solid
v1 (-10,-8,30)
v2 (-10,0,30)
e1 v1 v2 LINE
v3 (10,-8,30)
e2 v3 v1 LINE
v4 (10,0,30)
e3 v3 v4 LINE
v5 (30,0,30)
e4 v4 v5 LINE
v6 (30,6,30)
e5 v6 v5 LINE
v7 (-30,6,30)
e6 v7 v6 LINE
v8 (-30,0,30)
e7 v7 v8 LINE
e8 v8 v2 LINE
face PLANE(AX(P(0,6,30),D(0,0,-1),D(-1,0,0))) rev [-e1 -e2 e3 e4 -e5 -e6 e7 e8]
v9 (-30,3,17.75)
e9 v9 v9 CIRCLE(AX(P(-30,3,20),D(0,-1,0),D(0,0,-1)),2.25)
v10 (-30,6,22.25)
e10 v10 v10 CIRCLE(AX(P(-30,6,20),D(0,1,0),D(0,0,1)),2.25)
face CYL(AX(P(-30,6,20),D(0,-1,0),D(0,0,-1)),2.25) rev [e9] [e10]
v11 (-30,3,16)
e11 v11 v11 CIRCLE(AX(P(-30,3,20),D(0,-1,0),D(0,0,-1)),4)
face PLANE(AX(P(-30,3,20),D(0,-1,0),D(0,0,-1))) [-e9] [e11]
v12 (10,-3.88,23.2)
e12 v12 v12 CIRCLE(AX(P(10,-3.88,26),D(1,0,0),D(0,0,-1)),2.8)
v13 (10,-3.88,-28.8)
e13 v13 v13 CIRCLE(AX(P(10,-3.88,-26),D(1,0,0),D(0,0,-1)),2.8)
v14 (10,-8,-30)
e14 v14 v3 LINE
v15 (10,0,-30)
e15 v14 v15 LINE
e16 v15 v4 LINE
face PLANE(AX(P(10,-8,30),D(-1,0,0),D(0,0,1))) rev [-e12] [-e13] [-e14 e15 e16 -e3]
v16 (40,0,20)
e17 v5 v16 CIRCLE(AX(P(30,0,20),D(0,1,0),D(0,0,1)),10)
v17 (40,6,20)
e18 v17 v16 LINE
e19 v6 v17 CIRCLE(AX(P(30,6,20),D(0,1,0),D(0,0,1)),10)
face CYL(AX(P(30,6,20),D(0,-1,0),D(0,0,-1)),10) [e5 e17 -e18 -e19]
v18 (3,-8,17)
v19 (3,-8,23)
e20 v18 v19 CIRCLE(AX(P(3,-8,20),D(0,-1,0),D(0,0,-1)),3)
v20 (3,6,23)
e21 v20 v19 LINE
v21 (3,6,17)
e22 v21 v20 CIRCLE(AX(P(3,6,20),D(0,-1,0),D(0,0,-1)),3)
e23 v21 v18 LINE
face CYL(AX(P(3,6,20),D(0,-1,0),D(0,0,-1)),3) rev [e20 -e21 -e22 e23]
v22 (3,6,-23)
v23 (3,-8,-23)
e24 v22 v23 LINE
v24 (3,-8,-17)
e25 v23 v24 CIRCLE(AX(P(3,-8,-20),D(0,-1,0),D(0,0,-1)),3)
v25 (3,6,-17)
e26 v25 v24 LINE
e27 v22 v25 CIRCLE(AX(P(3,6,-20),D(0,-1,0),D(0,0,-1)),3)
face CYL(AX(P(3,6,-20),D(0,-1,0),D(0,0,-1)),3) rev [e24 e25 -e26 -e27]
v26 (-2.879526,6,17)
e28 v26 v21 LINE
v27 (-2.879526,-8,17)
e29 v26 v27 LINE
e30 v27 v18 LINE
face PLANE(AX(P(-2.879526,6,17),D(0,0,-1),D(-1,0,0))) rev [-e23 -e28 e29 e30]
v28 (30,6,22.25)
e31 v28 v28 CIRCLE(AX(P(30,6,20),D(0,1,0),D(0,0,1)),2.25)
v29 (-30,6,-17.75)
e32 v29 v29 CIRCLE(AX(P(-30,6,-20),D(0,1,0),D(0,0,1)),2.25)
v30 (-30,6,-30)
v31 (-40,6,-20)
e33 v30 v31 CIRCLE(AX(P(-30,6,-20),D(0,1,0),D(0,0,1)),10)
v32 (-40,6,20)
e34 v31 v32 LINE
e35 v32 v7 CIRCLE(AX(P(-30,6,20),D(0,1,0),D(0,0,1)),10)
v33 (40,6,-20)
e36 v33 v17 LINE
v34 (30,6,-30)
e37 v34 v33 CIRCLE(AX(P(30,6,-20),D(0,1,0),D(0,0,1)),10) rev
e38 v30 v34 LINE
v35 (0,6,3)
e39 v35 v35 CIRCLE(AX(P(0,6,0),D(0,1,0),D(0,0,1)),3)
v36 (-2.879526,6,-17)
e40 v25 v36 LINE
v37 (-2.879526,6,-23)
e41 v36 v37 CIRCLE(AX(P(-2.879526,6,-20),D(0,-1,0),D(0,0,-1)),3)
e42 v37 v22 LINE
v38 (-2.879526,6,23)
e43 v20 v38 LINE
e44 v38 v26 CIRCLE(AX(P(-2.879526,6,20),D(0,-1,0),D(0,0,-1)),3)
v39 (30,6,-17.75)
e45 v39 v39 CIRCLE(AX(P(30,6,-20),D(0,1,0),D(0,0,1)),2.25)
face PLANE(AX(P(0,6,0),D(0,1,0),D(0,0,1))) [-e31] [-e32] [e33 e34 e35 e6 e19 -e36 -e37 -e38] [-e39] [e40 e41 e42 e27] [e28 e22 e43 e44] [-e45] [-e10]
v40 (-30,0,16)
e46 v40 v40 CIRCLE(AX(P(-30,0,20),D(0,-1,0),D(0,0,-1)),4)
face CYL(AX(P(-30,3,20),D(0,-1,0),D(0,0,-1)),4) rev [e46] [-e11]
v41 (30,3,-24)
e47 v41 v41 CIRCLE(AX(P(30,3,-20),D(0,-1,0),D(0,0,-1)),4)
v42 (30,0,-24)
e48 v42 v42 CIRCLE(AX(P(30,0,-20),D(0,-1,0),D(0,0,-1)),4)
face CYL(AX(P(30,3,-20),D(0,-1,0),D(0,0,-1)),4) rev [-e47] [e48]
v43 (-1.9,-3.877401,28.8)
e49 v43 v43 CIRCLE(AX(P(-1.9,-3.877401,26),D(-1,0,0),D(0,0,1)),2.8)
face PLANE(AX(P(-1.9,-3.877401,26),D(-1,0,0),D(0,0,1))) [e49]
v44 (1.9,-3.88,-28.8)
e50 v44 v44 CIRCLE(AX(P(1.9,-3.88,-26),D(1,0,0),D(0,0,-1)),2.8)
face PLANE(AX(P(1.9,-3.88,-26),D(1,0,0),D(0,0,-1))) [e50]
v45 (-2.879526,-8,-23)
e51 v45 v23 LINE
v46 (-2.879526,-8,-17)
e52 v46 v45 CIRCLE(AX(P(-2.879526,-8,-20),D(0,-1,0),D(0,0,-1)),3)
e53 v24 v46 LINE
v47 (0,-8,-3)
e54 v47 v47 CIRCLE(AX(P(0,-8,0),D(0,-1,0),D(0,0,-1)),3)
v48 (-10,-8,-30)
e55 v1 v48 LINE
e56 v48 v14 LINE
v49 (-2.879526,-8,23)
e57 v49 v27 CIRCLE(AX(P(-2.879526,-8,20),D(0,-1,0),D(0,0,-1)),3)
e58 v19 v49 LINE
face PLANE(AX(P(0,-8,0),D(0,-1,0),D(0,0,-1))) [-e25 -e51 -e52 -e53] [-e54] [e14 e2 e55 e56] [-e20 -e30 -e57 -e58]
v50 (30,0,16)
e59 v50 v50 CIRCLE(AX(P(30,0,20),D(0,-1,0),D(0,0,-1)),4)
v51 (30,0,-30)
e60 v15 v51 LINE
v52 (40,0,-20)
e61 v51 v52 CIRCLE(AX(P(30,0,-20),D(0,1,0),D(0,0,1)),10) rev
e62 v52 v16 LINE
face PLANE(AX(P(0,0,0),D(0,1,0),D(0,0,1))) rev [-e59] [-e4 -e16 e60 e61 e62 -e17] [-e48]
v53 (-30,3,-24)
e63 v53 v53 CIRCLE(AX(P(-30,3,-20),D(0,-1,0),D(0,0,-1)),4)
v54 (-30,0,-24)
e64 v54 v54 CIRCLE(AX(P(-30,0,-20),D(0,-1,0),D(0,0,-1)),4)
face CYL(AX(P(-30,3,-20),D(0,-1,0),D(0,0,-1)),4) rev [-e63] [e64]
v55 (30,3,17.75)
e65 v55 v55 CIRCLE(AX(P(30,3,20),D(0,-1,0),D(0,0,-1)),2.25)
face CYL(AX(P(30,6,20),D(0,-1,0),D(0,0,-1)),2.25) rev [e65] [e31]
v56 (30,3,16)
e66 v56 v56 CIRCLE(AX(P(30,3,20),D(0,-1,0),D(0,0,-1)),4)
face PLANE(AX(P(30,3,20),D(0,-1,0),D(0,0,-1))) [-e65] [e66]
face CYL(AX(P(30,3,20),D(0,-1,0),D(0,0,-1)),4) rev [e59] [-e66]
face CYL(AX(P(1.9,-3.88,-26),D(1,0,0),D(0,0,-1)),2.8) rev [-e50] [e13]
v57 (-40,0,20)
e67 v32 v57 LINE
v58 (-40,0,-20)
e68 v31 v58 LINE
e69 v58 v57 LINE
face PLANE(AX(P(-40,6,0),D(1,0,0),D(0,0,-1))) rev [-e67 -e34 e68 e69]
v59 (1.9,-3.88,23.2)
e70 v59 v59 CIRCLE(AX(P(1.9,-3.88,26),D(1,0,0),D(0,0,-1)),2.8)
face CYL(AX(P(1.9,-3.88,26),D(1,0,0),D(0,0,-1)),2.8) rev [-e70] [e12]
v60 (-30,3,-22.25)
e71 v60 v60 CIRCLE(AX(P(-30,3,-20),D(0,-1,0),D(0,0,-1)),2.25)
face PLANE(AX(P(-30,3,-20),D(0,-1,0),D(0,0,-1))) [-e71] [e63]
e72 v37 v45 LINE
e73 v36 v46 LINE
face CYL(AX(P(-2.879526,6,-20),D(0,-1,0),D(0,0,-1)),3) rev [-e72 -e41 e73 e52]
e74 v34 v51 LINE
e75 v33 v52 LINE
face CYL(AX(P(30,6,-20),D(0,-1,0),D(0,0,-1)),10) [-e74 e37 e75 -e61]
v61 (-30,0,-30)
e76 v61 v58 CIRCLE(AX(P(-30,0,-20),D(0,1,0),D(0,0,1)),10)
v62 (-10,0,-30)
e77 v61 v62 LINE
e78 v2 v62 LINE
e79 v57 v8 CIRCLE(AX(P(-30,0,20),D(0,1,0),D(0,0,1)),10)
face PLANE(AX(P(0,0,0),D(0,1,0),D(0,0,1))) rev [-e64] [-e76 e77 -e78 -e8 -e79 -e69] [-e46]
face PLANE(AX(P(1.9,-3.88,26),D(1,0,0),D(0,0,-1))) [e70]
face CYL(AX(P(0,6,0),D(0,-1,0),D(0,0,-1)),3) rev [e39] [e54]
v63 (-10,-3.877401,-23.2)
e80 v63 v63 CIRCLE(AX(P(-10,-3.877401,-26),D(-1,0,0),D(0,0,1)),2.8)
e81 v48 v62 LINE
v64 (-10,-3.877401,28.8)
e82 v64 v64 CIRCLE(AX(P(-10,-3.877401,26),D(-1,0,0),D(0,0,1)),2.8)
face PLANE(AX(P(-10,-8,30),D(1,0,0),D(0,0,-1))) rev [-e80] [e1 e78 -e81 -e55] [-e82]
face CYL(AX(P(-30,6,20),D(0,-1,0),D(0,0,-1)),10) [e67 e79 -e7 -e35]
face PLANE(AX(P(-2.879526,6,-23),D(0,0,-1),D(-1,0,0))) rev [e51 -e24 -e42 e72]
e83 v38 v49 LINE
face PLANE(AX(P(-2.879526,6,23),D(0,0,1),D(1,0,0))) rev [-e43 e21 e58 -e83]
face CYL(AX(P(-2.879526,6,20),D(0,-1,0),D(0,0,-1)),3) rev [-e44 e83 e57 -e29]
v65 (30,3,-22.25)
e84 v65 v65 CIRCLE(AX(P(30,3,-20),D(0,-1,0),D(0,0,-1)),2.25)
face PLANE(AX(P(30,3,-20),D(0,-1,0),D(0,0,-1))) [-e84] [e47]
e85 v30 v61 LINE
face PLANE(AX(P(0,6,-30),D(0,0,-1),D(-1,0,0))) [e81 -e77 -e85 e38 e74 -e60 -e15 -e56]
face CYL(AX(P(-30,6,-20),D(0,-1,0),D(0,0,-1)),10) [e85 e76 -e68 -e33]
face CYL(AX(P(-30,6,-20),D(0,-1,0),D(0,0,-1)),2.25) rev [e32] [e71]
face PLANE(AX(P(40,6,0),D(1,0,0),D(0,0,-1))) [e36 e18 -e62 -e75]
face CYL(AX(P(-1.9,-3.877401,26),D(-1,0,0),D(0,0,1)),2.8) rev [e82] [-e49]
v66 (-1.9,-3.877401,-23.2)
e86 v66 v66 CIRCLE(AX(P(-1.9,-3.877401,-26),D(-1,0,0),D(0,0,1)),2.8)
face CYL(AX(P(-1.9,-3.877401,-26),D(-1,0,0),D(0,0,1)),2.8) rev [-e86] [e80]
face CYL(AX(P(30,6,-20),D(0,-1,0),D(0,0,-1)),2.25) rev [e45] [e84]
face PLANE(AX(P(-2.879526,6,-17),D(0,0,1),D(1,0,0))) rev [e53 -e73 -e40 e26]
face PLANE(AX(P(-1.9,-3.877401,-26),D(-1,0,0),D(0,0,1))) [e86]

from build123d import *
from build123d.topology import SkipClean

# Parameters (mm, degrees)
ESQUISSE1_R              = 3
ESQUISSE1_R_2            = 2.25
BOSS_EXTRU_3_DEPTH       = 6
BOSS_EXTRU_4_START       = 8
ESQUISSE2_W              = 20
ESQUISSE2_H              = 60
ESQUISSE2_R              = 3
BOSS_EXTRU_4_DEPTH       = 8
ESQUISSE3_R              = 4
ENL_V_MAT_EXTRU_2_DEPTH  = 3
ESQUISSE7_R              = 2.8
ENL_V_MAT_EXTRU_8_DEPTH  = 8.1
ENL_V_MAT_EXTRU_9_DEPTH  = 52.923019943
ESQUISSE9_R              = 2.8
ENL_V_MAT_EXTRU_10_DEPTH = 8.1


with BuildPart() as part:
    # Esquisse1 → Boss.-Extru.3 (new body)
    with BuildSketch(Plane(origin=(0, 0, 0), x_dir=(1, 0, 0), z_dir=(0, 1, 0))):
        with BuildLine():
            ThreePointArc((30, 30), (37.071067812, 27.071067812), (40, 20))
            Line((40, 20), (40, -20))
            ThreePointArc((40, -20), (37.071067812, -27.071067812), (30, -30))
            Line((30, -30), (-30, -30))
            ThreePointArc((-30, -30), (-37.071067812, -27.071067812), (-40, -20))
            Line((-40, -20), (-40, 20))
            ThreePointArc((-40, 20), (-37.071067812, 27.071067812), (-30, 30))
            Line((-30, 30), (30, 30))
        make_face()
        with Locations(Location((0, 0, 0), (0, 0, 270))):
            Circle(ESQUISSE1_R, mode=Mode.SUBTRACT)
        with Locations(Location((30, -20, 0), (0, 0, 270))):
            Circle(ESQUISSE1_R_2, mode=Mode.SUBTRACT)
        with Locations(Location((-30, -20, 0), (0, 0, 270))):
            Circle(ESQUISSE1_R_2, mode=Mode.SUBTRACT)
        with Locations(Location((30, 20, 0), (0, 0, 270))):
            Circle(ESQUISSE1_R_2, mode=Mode.SUBTRACT)
        with Locations(Location((-30, 20, 0), (0, 0, 270))):
            Circle(ESQUISSE1_R_2, mode=Mode.SUBTRACT)
    extrude(amount=BOSS_EXTRU_3_DEPTH)

    # Esquisse2 → Boss.-Extru.4 (add)
    with SkipClean():  # the faces are left unmerged after this step: merging them gives an invalid solid
        with BuildSketch(Plane.XZ.offset(BOSS_EXTRU_4_START)):
            Rectangle(ESQUISSE2_W, ESQUISSE2_H)
            with Locations(Location((0, 0, 0), (0, 0, 270))):
                Circle(ESQUISSE2_R, mode=Mode.SUBTRACT)
        extrude(amount=-BOSS_EXTRU_4_DEPTH)

    # Esquisse3 → Enlèv. mat.-Extru.2 (cut)
    with SkipClean():  # the faces are left unmerged after this step: merging them gives an invalid solid
        with BuildSketch(Plane.XZ):
            with Locations(Location((-30, 20, 0), (0, 0, 270))):
                Circle(ESQUISSE3_R)
            with Locations(Location((-30, -20, 0), (0, 0, 270))):
                Circle(ESQUISSE3_R)
            with Locations(Location((30, 20, 0), (0, 0, 270))):
                Circle(ESQUISSE3_R)
            with Locations(Location((30, -20, 0), (0, 0, 270))):
                Circle(ESQUISSE3_R)
        extrude(amount=-ENL_V_MAT_EXTRU_2_DEPTH, mode=Mode.SUBTRACT)

    # Esquisse7 → Enlèv. mat.-Extru.8 (cut)
    with SkipClean():  # the faces are left unmerged after this step: merging them gives an invalid solid
        with BuildSketch(Plane.ZY.offset(10)):
            with Locations((26, -3.87740141)):
                Circle(ESQUISSE7_R)
            with Locations((-26, -3.87740141)):
                Circle(ESQUISSE7_R)
        extrude(amount=-ENL_V_MAT_EXTRU_8_DEPTH, mode=Mode.SUBTRACT)

    # Esquisse8 → Enlèv. mat.-Extru.9 (cut, through all)
    with SkipClean():  # the faces are left unmerged after this step: merging them gives an invalid solid
        with BuildSketch(Plane.XZ.offset(8)):
            with BuildLine():
                Line((-2.879526134, 23), (3, 23))
                ThreePointArc((3, 23), (6, 20), (3, 17))
                Line((3, 17), (-2.879526134, 17))
                ThreePointArc((-2.879526134, 17), (-5.879526134, 20), (-2.879526134, 23))
            make_face()
            with BuildLine():
                Line((-2.879526134, -17), (3, -17))
                ThreePointArc((3, -17), (6, -20), (3, -23))
                Line((3, -23), (-2.879526134, -23))
                ThreePointArc((-2.879526134, -23), (-5.879526134, -20), (-2.879526134, -17))
            make_face()
        extrude(amount=-ENL_V_MAT_EXTRU_9_DEPTH, mode=Mode.SUBTRACT)

    # Esquisse9 → Enlèv. mat.-Extru.10 (cut)
    with SkipClean():  # the faces are left unmerged after this step: merging them gives an invalid solid
        with BuildSketch(Plane(origin=(10, 0, 0), x_dir=(0, 0, -1), z_dir=(1, 0, 0))):
            with Locations((-26, -3.88)):
                Circle(ESQUISSE9_R)
            with Locations((26, -3.88)):
                Circle(ESQUISSE9_R)
        extrude(amount=-ENL_V_MAT_EXTRU_10_DEPTH, mode=Mode.SUBTRACT)


solid = part.part
